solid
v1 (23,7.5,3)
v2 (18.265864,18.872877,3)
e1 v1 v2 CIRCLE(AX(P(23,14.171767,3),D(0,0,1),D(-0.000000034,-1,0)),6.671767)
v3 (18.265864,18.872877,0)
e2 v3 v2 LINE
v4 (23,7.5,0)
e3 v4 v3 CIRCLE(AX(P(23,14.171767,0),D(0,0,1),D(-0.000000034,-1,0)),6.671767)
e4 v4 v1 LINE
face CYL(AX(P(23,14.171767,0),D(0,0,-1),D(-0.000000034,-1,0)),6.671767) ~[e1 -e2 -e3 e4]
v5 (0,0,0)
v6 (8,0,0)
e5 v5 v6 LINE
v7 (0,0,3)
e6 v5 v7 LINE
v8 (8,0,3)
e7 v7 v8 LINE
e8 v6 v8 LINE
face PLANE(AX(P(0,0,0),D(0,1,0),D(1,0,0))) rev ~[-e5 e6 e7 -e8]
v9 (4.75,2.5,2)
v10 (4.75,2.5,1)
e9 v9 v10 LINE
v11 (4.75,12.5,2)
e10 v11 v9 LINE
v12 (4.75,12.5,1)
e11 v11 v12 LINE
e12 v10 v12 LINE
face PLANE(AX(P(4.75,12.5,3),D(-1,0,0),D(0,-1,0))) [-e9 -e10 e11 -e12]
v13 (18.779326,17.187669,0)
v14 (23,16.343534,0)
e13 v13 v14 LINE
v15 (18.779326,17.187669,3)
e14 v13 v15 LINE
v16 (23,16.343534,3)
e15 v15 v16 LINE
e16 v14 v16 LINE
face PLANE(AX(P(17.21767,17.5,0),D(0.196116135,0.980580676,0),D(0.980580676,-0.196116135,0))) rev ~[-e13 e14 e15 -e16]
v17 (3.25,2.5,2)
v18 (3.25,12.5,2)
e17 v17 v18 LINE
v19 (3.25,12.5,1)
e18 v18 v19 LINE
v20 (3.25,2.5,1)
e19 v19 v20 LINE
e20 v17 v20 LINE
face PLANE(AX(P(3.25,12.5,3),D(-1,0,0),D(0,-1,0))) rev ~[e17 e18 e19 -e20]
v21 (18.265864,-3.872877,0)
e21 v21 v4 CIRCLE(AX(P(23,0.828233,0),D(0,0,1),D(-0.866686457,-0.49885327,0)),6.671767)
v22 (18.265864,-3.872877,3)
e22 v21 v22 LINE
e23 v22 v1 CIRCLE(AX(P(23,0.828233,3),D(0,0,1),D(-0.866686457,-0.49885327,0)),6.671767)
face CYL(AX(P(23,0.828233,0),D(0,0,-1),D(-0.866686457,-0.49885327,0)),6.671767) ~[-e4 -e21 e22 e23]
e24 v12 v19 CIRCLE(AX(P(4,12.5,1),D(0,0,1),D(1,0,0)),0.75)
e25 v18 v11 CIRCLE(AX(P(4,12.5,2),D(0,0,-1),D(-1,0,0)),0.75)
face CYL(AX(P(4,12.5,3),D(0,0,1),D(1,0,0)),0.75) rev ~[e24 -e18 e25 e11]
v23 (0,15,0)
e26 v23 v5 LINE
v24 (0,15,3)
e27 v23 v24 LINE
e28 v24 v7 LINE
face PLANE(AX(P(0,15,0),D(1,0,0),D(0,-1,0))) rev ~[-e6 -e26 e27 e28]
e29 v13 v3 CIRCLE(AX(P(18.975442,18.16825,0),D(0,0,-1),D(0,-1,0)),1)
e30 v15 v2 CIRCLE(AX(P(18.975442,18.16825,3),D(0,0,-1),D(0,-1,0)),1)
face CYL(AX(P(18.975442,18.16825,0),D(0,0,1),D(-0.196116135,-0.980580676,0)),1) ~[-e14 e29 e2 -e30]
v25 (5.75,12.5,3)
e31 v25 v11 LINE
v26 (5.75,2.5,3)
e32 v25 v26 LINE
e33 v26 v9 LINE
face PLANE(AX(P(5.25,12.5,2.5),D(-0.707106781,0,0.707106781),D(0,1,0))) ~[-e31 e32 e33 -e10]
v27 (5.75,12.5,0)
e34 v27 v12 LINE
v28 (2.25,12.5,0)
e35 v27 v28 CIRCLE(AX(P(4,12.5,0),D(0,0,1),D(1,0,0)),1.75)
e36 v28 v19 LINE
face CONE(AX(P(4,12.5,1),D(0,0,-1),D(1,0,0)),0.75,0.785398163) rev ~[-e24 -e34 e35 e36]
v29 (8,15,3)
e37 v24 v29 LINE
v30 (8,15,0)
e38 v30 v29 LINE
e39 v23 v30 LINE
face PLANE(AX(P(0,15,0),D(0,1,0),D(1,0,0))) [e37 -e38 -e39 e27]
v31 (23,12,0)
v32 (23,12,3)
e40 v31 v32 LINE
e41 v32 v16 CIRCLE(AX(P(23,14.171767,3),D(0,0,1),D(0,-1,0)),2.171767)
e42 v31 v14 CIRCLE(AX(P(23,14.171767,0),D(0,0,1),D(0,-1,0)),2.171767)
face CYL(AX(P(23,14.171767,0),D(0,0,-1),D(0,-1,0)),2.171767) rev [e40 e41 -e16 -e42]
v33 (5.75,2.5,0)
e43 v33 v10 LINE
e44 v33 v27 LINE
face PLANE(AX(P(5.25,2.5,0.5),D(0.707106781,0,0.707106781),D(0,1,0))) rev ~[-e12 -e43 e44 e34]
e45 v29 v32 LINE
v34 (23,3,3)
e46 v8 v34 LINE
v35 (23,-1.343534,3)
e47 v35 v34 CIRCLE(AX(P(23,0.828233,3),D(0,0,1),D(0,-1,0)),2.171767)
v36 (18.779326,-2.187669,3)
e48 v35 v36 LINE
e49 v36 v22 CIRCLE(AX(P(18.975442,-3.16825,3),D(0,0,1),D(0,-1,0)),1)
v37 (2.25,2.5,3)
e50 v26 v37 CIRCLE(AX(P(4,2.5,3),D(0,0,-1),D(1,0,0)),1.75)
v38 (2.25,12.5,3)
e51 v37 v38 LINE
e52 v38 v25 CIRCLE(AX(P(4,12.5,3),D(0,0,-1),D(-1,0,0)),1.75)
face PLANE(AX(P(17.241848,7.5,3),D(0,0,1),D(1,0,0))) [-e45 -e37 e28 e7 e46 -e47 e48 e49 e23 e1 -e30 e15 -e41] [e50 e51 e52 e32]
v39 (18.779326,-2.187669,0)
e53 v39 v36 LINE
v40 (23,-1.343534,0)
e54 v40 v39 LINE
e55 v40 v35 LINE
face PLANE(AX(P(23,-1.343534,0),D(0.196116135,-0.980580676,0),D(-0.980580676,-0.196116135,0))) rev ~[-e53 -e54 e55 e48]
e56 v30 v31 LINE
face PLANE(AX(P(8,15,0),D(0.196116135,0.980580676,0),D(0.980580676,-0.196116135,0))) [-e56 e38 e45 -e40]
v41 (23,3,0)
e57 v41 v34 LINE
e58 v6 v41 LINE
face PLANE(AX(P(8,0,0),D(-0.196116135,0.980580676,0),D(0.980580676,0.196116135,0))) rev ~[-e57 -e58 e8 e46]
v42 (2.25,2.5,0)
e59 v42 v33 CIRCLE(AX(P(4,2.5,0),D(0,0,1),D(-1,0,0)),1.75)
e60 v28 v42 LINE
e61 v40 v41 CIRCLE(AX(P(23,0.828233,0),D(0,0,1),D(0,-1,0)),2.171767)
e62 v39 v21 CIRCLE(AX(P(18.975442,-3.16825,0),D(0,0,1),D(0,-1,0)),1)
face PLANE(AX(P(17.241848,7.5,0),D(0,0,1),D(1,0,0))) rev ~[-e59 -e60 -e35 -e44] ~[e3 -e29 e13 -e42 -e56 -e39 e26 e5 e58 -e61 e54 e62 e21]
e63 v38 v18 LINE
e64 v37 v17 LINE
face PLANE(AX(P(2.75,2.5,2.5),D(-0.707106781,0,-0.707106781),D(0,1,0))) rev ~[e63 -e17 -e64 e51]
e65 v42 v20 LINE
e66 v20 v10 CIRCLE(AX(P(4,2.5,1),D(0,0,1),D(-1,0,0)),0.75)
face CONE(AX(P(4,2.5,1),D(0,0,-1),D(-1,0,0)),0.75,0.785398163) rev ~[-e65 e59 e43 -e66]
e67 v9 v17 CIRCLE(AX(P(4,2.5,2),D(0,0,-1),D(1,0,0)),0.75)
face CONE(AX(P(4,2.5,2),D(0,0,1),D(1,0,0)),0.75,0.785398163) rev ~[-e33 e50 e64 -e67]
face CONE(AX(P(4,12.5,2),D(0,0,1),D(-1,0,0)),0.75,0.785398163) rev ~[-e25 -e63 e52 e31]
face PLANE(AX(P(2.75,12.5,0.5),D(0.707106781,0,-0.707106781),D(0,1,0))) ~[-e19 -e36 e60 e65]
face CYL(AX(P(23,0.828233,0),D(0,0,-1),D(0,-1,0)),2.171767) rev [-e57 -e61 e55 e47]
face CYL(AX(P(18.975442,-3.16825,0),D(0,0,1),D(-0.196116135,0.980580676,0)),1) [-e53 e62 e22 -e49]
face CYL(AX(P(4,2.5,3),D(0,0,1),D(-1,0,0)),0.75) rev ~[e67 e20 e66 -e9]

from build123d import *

# Parameters (mm, degrees)
PAD_DEPTH    = 3
POCKET_DEPTH = 5
CHAMFER_SIZE = 1
FILLET_R     = 1


with BuildPart() as part:
    # Sketch → Pad (new body)
    with BuildSketch(Plane.XY):
        with BuildLine():
            Line((0, 15), (0, 0))
            Line((0, 0), (8, 0))
            Line((8, 0), (23, 3))
            ThreePointArc((23, -1.343534), (25.171767, 0.828233), (23, 3))
            Line((23, -1.343534), (17.21767, -2.5))
            ThreePointArc((17.21767, -2.5), (28.775711, -2.511474), (23, 7.5))
            ThreePointArc((23, 7.5), (28.775711, 17.511474), (17.21767, 17.5))
            Line((17.21767, 17.5), (23, 16.343534))
            ThreePointArc((23, 12), (25.171767, 14.171767), (23, 16.343534))
            Line((8, 15), (23, 12))
            Line((0, 15), (8, 15))
        make_face()
    extrude(amount=PAD_DEPTH)

    # Sketch001 (on Face13 of Pad) → Pocket (cut)
    with BuildSketch(Plane.XY.offset(3)):
        with BuildLine():
            ThreePointArc((4.75, 12.5), (4, 13.25), (3.25, 12.5))
            Line((3.25, 12.5), (3.25, 2.5))
            ThreePointArc((3.25, 2.5), (4, 1.75), (4.75, 2.5))
            Line((4.75, 12.5), (4.75, 2.5))
        make_face()
    extrude(amount=-POCKET_DEPTH, mode=Mode.SUBTRACT)

    # Chamfer
    chamfer_edges = [part.edges().sort_by_distance(p)[0] for p in [
        (3.25, 7.5, 0),
        (4.75, 7.5, 3),
    ]]
    chamfer(chamfer_edges, length=CHAMFER_SIZE)

    # Fillet
    fillet_edges = [part.edges().sort_by_distance(p)[0] for p in [
        (17.21767, -2.5, 1.5),
        (17.21767, 17.5, 1.5),
    ]]
    fillet(fillet_edges, radius=FILLET_R)


solid = part.part
